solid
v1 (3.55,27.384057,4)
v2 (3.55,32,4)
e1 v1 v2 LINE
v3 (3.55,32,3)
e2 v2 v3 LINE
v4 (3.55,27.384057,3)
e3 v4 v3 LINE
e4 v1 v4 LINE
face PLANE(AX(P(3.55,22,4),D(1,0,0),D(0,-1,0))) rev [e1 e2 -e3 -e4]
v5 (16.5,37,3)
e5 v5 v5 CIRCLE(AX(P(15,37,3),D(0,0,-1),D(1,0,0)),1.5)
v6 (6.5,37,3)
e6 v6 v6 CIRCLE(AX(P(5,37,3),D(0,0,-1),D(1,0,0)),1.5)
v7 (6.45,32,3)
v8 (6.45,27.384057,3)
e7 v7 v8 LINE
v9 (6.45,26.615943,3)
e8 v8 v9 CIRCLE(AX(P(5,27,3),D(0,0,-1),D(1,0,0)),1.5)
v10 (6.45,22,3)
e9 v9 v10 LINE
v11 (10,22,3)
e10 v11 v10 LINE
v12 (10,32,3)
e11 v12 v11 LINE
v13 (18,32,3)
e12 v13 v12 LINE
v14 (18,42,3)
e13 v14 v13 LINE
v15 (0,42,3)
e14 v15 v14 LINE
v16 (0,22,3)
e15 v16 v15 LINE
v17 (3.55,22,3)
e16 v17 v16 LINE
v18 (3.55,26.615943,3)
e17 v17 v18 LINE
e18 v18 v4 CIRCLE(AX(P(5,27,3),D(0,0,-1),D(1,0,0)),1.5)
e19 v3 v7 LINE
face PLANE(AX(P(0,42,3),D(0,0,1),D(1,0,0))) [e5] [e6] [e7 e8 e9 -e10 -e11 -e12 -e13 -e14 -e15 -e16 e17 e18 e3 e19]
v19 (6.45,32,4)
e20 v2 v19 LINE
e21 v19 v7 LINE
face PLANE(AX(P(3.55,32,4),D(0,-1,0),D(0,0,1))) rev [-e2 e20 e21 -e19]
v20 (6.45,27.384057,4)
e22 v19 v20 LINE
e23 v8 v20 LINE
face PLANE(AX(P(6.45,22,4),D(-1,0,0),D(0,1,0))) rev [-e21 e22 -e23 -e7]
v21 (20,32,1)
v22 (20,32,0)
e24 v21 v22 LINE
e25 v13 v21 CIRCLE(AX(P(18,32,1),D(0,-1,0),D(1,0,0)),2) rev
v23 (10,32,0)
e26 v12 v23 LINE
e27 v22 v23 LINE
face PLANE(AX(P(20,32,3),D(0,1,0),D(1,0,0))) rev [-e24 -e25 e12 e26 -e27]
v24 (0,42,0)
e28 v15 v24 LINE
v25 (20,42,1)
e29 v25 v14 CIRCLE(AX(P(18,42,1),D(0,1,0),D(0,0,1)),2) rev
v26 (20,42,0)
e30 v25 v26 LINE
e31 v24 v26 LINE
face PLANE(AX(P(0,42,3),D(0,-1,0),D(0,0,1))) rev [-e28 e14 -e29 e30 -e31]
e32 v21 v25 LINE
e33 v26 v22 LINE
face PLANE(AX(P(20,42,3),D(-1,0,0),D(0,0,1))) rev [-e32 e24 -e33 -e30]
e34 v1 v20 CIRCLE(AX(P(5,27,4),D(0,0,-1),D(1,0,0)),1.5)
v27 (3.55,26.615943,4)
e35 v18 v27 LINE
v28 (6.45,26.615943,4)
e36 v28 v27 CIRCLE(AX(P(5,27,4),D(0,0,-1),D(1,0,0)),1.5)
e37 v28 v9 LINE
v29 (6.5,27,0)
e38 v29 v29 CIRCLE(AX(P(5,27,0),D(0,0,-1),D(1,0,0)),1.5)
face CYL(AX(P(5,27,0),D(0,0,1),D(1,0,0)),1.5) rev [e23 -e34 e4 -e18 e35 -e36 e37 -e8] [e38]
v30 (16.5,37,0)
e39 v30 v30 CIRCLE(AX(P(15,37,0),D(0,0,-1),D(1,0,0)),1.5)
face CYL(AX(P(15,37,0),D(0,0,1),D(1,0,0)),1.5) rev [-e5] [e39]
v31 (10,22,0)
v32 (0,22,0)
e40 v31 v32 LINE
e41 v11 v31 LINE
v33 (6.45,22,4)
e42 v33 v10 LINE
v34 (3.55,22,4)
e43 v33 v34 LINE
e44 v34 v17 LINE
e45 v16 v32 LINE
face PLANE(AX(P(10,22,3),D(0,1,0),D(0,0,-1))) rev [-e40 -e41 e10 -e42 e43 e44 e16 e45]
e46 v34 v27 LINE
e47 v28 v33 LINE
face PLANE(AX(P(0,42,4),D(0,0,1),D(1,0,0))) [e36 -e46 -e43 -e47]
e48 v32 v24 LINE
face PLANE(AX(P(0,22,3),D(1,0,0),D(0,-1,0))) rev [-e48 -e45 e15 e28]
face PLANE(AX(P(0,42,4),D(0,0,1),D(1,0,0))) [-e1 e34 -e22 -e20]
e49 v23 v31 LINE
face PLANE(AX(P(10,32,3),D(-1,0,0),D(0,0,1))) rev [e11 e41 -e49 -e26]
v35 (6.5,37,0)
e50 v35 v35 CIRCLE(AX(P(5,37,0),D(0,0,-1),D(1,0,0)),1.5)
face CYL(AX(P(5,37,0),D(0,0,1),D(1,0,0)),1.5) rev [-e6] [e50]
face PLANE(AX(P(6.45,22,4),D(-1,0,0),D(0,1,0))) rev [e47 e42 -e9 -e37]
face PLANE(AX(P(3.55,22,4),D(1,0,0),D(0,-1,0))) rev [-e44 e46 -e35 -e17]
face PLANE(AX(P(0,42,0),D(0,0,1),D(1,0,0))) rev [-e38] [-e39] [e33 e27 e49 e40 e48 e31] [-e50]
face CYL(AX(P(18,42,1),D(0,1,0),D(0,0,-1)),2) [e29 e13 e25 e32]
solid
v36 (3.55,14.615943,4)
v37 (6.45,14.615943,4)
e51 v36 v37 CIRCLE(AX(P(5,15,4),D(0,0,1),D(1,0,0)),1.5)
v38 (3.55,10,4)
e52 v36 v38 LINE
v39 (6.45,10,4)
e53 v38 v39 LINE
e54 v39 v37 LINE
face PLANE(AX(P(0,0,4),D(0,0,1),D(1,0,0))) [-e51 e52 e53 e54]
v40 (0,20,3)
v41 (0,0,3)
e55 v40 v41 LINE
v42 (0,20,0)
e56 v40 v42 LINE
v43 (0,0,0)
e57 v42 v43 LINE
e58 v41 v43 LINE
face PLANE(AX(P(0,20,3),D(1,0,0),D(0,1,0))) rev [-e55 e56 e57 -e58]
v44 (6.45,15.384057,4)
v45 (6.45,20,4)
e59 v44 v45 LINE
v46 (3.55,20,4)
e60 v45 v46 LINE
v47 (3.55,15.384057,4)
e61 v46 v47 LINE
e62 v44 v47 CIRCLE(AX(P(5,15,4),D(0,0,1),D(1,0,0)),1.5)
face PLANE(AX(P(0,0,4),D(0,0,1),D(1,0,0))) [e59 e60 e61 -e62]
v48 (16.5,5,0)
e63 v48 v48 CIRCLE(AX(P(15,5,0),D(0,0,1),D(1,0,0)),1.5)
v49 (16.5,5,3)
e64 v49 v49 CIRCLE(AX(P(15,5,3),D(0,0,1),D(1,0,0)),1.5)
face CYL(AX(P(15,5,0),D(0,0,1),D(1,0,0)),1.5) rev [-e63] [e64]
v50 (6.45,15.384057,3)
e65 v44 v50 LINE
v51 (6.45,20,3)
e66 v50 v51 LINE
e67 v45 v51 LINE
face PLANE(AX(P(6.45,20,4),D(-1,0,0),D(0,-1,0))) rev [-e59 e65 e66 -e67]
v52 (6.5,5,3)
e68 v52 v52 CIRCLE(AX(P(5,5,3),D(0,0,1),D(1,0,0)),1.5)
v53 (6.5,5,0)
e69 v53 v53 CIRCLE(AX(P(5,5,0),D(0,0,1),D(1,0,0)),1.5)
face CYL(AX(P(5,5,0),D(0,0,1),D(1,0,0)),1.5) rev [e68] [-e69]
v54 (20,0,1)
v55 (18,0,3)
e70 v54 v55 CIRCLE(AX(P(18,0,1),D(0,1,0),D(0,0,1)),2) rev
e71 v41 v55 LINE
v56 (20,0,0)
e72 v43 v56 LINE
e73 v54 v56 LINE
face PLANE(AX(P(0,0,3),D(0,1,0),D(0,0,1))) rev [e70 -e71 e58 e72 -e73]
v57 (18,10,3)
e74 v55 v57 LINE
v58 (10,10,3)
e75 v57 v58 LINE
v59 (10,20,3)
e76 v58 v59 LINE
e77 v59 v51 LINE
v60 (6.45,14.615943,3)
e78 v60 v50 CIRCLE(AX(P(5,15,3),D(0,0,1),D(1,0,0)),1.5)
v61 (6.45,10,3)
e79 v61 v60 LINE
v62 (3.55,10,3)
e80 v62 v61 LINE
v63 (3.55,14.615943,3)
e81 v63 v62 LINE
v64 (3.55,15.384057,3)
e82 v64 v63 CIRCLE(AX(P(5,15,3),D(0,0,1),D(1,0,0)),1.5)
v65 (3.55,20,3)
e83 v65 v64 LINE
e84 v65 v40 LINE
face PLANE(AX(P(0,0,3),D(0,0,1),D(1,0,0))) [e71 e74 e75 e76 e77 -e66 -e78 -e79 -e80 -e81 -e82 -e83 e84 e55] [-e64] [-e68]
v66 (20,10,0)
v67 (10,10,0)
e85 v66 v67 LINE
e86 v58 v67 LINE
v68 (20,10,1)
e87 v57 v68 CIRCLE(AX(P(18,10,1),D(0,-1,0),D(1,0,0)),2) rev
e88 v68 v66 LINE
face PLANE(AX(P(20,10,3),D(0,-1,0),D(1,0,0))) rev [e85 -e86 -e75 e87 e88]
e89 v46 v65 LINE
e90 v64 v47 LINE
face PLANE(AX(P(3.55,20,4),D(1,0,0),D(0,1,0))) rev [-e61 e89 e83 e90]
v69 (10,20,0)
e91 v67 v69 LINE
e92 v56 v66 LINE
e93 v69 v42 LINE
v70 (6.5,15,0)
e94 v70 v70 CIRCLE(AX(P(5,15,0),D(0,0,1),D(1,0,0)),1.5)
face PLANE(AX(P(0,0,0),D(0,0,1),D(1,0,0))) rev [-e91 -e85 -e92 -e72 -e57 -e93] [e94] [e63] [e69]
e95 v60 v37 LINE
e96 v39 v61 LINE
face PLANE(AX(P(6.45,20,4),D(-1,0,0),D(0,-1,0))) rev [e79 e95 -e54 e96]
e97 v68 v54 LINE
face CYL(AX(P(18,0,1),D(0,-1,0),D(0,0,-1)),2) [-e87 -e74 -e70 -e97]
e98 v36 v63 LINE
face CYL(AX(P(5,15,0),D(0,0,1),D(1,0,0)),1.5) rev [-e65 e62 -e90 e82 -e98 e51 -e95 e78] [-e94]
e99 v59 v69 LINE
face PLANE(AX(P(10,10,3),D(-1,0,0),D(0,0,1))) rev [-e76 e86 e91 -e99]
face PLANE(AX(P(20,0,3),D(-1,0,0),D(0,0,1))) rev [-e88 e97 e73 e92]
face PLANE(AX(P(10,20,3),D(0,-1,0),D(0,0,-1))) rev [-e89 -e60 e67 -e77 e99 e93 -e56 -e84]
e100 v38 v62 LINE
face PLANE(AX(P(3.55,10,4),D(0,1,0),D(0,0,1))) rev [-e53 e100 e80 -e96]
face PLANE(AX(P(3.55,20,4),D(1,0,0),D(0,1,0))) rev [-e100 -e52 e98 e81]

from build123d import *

# Parameters (mm, degrees)
BOSS_EXTRU_1_DEPTH      = 3
ESQUISSE2_W             = 2.9
ESQUISSE2_H             = 10
BOSS_EXTRU_2_DEPTH      = 1
ESQUISSE4_R             = 1.5
ENL_V_MAT_EXTRU_2_DEPTH = 5
CONG_1_R                = 2


with BuildPart() as part:
    # Esquisse1 → Boss.-Extru.1 (new body)
    with BuildSketch(Plane.XY):
        Polygon((0, 0), (20, 0), (20, 10), (10, 10), (10, 20), (0, 20), align=None)
    extrude(amount=BOSS_EXTRU_1_DEPTH)

    # Esquisse2 → Boss.-Extru.2 (add)
    with BuildSketch(Plane.XY.offset(3)):
        with Locations((5, 15)):
            Rectangle(ESQUISSE2_W, ESQUISSE2_H)
    extrude(amount=BOSS_EXTRU_2_DEPTH)

    # Esquisse4 → Enlèv. mat.-Extru.2 (cut, through all)
    with BuildSketch(Plane.XY.offset(4)):
        with Locations((5, 15)):
            Circle(ESQUISSE4_R)
        with Locations((5, 5)):
            Circle(ESQUISSE4_R)
        with Locations((15, 5)):
            Circle(ESQUISSE4_R)
    extrude(amount=-ENL_V_MAT_EXTRU_2_DEPTH, mode=Mode.SUBTRACT)

    # Congé1
    cong_1_edges = [part.edges().sort_by_distance(p)[0] for p in [
        (20, 5, 3),
    ]]
    fillet(cong_1_edges, radius=CONG_1_R)


with BuildPart() as body_2:
    # Symétrie2: mirrored copy
    add(part.part.mirror(Plane.ZX.offset(21)))


solid = Compound([part.part, body_2.part])
